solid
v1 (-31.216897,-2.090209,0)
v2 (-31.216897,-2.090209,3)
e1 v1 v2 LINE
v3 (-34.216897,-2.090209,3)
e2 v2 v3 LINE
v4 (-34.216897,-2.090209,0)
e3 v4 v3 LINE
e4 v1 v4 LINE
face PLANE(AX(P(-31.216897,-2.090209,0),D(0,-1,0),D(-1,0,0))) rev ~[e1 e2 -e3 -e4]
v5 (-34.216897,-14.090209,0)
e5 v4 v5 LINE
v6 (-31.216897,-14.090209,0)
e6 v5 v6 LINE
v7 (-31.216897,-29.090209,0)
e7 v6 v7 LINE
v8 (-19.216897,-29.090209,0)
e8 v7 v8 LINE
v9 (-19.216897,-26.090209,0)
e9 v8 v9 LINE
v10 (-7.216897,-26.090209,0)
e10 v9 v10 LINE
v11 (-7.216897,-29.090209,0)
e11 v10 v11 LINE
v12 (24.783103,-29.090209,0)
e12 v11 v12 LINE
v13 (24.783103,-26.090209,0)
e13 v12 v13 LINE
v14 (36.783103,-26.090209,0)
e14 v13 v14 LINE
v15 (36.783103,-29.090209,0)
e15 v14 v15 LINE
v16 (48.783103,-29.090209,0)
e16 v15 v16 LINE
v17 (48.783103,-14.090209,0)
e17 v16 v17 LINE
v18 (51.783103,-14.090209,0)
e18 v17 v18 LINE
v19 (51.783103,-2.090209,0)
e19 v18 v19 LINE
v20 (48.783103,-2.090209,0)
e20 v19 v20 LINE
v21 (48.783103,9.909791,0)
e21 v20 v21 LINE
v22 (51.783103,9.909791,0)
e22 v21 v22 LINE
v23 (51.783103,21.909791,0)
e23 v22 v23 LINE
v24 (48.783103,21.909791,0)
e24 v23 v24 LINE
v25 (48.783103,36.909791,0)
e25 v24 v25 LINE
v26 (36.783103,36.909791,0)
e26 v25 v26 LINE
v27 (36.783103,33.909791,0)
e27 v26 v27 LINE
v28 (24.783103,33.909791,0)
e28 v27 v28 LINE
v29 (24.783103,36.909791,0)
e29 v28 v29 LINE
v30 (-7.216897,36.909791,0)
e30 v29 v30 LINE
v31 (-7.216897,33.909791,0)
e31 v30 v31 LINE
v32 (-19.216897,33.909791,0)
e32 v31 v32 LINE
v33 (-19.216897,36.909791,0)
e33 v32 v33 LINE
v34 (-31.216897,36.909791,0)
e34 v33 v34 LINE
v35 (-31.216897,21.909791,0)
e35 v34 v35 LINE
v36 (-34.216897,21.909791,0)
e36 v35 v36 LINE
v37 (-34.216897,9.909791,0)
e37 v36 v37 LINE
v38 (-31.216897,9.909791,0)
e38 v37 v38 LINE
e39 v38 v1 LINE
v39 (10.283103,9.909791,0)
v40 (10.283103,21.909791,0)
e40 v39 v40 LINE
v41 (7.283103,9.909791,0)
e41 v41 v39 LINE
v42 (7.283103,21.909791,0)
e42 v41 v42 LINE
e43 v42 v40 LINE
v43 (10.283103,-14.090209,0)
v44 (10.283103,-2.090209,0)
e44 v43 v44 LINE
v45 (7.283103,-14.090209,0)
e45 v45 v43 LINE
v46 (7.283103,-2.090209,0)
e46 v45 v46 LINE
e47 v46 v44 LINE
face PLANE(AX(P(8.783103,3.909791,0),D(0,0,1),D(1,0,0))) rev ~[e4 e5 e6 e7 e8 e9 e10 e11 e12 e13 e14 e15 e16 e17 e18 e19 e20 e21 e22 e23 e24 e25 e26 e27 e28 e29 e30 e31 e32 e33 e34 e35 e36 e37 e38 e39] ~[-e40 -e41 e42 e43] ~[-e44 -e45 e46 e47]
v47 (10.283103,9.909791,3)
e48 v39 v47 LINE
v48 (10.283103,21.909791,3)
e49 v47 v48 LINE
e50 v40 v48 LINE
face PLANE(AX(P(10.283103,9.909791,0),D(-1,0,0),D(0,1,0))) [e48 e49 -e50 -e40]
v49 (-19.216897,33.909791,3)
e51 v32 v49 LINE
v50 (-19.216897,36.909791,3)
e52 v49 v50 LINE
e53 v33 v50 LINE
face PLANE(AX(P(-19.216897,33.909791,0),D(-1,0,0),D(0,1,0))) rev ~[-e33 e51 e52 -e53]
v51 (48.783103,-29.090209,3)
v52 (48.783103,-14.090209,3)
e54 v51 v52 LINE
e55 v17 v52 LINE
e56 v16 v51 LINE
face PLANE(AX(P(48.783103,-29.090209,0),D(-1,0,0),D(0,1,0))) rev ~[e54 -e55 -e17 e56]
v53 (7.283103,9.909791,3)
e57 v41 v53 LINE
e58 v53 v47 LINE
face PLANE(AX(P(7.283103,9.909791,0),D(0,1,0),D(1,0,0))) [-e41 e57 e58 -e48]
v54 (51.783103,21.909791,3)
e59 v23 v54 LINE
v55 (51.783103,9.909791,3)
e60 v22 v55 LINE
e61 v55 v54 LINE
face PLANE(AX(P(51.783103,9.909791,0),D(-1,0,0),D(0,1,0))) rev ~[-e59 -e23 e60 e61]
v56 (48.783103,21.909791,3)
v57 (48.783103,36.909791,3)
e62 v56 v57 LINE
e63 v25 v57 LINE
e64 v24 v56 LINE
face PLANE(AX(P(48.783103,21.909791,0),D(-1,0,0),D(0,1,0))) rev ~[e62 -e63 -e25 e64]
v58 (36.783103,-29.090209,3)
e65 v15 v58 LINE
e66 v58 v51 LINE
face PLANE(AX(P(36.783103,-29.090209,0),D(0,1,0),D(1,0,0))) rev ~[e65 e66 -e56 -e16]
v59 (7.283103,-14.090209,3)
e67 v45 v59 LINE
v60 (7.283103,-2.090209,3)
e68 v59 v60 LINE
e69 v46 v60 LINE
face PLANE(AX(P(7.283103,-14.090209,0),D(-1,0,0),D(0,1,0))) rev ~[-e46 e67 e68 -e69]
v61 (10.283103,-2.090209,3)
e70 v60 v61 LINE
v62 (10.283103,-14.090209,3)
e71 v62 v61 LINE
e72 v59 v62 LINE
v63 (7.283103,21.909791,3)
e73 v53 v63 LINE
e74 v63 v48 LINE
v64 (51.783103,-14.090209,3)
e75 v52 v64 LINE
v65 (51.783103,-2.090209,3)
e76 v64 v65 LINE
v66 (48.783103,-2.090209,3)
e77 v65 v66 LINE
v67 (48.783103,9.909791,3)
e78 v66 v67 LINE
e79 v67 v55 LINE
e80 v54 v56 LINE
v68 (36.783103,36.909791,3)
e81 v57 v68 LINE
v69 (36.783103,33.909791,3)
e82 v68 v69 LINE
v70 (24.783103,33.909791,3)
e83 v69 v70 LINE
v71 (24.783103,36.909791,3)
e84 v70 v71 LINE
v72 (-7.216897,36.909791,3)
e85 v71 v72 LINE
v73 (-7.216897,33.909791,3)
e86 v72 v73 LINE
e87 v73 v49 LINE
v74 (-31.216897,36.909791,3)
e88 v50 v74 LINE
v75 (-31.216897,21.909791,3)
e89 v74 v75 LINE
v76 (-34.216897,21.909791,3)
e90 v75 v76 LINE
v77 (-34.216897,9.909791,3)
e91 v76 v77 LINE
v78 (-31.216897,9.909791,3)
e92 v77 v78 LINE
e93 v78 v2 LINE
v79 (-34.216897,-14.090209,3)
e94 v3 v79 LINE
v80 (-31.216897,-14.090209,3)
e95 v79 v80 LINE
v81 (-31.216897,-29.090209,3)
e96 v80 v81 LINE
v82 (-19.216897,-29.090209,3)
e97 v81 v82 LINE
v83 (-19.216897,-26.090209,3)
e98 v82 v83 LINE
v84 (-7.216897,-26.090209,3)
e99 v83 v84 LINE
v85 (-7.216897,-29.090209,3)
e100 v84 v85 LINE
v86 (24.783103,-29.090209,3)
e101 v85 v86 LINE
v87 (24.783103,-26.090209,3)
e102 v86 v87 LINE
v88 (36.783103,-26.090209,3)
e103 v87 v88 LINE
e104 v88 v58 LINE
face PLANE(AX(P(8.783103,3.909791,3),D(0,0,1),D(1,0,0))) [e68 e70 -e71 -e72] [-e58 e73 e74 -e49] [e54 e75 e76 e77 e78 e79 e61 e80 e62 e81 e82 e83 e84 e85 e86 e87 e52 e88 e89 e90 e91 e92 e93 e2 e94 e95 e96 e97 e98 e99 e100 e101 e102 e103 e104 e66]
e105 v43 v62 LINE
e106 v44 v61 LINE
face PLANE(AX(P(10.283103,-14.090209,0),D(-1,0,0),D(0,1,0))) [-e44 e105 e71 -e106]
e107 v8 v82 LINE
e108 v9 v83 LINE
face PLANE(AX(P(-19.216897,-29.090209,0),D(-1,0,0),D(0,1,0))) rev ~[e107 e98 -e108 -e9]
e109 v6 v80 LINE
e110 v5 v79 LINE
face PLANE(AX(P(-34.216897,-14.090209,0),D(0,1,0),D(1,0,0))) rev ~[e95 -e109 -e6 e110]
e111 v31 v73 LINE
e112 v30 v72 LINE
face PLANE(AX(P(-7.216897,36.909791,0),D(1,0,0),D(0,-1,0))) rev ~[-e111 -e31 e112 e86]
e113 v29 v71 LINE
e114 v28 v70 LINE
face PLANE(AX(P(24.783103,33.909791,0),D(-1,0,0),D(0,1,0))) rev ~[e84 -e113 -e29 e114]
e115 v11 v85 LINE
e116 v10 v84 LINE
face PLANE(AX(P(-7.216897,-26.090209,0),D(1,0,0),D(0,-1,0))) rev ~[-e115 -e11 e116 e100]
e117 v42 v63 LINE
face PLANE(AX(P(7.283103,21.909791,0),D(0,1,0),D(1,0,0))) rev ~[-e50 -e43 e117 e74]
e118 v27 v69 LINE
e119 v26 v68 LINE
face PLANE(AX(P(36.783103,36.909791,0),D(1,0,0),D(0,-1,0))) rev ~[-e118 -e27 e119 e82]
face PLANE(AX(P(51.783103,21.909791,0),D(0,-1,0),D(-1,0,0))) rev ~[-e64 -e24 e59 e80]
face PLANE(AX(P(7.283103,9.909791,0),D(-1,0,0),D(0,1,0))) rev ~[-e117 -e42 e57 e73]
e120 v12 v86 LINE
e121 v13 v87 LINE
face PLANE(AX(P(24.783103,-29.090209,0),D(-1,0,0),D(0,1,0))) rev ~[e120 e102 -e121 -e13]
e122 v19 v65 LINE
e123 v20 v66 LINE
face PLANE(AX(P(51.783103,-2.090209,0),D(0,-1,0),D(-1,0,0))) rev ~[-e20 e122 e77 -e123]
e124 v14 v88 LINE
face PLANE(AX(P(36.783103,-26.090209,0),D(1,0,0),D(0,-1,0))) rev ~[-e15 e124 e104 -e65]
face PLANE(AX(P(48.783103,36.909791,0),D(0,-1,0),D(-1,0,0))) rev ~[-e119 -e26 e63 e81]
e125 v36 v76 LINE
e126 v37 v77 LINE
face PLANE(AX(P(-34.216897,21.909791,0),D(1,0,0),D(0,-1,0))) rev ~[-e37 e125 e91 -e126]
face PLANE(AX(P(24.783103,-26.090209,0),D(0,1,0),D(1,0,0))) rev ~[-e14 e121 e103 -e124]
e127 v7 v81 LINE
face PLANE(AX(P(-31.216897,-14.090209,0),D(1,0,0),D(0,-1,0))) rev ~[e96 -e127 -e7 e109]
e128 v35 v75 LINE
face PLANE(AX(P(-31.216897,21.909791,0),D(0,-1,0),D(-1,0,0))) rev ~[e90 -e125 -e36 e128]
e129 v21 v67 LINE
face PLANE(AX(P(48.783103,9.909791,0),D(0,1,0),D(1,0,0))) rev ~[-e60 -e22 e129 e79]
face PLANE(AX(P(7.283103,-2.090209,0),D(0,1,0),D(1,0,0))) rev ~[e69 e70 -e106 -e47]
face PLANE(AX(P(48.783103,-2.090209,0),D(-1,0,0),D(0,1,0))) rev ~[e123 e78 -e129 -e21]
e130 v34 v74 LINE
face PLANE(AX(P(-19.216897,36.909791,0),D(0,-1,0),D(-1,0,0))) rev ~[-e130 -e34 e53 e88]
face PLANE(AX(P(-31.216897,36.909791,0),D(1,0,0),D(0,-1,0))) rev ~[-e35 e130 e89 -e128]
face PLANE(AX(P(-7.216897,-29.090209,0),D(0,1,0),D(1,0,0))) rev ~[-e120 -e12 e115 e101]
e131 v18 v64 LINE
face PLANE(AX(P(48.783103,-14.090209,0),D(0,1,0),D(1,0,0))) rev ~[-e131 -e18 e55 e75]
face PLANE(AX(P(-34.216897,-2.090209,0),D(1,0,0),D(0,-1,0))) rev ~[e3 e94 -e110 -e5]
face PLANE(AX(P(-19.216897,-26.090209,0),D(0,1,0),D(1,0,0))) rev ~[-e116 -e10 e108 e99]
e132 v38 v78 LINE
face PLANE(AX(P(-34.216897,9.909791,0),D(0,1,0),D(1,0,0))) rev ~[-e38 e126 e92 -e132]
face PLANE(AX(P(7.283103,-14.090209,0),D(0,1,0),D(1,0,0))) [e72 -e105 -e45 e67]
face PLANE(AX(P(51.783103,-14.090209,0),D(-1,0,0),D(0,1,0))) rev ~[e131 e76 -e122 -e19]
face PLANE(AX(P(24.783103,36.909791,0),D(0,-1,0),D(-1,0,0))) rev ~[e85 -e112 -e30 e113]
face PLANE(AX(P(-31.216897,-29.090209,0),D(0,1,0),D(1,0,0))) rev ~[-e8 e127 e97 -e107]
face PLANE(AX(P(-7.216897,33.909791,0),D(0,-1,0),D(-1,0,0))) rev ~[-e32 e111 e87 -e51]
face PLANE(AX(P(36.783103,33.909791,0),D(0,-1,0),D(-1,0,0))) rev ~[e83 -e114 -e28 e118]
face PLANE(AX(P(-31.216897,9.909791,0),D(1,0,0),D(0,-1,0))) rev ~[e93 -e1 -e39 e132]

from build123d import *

# Parameters (mm, degrees)
ESBO_O1_W                = 3
ESBO_O1_H                = 12
RESSALTO_EXTRUS_O1_DEPTH = 3


with BuildPart() as part:
    # Esboço1 → Ressalto-extrusão1 (new body)
    with BuildSketch(Plane.XY):
        Polygon((-31.216896784, 9.909791424), (-31.216896784, -2.090208576), (-34.216896784, -2.090208576), (-34.216896784, -14.090208576), (-31.216896784, -14.090208576), (-31.216896784, -26.090208576), (-31.216896784, -29.090208576), (-19.216896784, -29.090208576), (-19.216896784, -26.090208576), (-7.216896784, -26.090208576), (-7.216896784, -29.090208576), (24.783103216, -29.090208576), (24.783103216, -26.090208576), (36.783103216, -26.090208576), (36.783103216, -29.090208576), (48.783103216, -29.090208576), (48.783103216, -26.090208576), (48.783103216, -14.090208576), (51.783103216, -14.090208576), (51.783103216, -2.090208576), (48.783103216, -2.090208576), (48.783103216, 9.909791424), (51.783103216, 9.909791424), (51.783103216, 21.909791424), (48.783103216, 21.909791424), (48.783103216, 33.909791424), (48.783103216, 36.909791424), (36.783103216, 36.909791424), (36.783103216, 33.909791424), (24.783103216, 33.909791424), (24.783103216, 36.909791424), (-7.216896784, 36.909791424), (-7.216896784, 33.909791424), (-19.216896784, 33.909791424), (-19.216896784, 36.909791424), (-31.216896784, 36.909791424), (-31.216896784, 33.909791424), (-31.216896784, 21.909791424), (-34.216896784, 21.909791424), (-34.216896784, 9.909791424), align=None)
        with Locations((8.783103216, -8.090208576)):
            Rectangle(ESBO_O1_W, ESBO_O1_H, mode=Mode.SUBTRACT)
        with Locations((8.783103216, 15.909791424)):
            Rectangle(ESBO_O1_W, ESBO_O1_H, mode=Mode.SUBTRACT)
    extrude(amount=RESSALTO_EXTRUS_O1_DEPTH)


solid = part.part
